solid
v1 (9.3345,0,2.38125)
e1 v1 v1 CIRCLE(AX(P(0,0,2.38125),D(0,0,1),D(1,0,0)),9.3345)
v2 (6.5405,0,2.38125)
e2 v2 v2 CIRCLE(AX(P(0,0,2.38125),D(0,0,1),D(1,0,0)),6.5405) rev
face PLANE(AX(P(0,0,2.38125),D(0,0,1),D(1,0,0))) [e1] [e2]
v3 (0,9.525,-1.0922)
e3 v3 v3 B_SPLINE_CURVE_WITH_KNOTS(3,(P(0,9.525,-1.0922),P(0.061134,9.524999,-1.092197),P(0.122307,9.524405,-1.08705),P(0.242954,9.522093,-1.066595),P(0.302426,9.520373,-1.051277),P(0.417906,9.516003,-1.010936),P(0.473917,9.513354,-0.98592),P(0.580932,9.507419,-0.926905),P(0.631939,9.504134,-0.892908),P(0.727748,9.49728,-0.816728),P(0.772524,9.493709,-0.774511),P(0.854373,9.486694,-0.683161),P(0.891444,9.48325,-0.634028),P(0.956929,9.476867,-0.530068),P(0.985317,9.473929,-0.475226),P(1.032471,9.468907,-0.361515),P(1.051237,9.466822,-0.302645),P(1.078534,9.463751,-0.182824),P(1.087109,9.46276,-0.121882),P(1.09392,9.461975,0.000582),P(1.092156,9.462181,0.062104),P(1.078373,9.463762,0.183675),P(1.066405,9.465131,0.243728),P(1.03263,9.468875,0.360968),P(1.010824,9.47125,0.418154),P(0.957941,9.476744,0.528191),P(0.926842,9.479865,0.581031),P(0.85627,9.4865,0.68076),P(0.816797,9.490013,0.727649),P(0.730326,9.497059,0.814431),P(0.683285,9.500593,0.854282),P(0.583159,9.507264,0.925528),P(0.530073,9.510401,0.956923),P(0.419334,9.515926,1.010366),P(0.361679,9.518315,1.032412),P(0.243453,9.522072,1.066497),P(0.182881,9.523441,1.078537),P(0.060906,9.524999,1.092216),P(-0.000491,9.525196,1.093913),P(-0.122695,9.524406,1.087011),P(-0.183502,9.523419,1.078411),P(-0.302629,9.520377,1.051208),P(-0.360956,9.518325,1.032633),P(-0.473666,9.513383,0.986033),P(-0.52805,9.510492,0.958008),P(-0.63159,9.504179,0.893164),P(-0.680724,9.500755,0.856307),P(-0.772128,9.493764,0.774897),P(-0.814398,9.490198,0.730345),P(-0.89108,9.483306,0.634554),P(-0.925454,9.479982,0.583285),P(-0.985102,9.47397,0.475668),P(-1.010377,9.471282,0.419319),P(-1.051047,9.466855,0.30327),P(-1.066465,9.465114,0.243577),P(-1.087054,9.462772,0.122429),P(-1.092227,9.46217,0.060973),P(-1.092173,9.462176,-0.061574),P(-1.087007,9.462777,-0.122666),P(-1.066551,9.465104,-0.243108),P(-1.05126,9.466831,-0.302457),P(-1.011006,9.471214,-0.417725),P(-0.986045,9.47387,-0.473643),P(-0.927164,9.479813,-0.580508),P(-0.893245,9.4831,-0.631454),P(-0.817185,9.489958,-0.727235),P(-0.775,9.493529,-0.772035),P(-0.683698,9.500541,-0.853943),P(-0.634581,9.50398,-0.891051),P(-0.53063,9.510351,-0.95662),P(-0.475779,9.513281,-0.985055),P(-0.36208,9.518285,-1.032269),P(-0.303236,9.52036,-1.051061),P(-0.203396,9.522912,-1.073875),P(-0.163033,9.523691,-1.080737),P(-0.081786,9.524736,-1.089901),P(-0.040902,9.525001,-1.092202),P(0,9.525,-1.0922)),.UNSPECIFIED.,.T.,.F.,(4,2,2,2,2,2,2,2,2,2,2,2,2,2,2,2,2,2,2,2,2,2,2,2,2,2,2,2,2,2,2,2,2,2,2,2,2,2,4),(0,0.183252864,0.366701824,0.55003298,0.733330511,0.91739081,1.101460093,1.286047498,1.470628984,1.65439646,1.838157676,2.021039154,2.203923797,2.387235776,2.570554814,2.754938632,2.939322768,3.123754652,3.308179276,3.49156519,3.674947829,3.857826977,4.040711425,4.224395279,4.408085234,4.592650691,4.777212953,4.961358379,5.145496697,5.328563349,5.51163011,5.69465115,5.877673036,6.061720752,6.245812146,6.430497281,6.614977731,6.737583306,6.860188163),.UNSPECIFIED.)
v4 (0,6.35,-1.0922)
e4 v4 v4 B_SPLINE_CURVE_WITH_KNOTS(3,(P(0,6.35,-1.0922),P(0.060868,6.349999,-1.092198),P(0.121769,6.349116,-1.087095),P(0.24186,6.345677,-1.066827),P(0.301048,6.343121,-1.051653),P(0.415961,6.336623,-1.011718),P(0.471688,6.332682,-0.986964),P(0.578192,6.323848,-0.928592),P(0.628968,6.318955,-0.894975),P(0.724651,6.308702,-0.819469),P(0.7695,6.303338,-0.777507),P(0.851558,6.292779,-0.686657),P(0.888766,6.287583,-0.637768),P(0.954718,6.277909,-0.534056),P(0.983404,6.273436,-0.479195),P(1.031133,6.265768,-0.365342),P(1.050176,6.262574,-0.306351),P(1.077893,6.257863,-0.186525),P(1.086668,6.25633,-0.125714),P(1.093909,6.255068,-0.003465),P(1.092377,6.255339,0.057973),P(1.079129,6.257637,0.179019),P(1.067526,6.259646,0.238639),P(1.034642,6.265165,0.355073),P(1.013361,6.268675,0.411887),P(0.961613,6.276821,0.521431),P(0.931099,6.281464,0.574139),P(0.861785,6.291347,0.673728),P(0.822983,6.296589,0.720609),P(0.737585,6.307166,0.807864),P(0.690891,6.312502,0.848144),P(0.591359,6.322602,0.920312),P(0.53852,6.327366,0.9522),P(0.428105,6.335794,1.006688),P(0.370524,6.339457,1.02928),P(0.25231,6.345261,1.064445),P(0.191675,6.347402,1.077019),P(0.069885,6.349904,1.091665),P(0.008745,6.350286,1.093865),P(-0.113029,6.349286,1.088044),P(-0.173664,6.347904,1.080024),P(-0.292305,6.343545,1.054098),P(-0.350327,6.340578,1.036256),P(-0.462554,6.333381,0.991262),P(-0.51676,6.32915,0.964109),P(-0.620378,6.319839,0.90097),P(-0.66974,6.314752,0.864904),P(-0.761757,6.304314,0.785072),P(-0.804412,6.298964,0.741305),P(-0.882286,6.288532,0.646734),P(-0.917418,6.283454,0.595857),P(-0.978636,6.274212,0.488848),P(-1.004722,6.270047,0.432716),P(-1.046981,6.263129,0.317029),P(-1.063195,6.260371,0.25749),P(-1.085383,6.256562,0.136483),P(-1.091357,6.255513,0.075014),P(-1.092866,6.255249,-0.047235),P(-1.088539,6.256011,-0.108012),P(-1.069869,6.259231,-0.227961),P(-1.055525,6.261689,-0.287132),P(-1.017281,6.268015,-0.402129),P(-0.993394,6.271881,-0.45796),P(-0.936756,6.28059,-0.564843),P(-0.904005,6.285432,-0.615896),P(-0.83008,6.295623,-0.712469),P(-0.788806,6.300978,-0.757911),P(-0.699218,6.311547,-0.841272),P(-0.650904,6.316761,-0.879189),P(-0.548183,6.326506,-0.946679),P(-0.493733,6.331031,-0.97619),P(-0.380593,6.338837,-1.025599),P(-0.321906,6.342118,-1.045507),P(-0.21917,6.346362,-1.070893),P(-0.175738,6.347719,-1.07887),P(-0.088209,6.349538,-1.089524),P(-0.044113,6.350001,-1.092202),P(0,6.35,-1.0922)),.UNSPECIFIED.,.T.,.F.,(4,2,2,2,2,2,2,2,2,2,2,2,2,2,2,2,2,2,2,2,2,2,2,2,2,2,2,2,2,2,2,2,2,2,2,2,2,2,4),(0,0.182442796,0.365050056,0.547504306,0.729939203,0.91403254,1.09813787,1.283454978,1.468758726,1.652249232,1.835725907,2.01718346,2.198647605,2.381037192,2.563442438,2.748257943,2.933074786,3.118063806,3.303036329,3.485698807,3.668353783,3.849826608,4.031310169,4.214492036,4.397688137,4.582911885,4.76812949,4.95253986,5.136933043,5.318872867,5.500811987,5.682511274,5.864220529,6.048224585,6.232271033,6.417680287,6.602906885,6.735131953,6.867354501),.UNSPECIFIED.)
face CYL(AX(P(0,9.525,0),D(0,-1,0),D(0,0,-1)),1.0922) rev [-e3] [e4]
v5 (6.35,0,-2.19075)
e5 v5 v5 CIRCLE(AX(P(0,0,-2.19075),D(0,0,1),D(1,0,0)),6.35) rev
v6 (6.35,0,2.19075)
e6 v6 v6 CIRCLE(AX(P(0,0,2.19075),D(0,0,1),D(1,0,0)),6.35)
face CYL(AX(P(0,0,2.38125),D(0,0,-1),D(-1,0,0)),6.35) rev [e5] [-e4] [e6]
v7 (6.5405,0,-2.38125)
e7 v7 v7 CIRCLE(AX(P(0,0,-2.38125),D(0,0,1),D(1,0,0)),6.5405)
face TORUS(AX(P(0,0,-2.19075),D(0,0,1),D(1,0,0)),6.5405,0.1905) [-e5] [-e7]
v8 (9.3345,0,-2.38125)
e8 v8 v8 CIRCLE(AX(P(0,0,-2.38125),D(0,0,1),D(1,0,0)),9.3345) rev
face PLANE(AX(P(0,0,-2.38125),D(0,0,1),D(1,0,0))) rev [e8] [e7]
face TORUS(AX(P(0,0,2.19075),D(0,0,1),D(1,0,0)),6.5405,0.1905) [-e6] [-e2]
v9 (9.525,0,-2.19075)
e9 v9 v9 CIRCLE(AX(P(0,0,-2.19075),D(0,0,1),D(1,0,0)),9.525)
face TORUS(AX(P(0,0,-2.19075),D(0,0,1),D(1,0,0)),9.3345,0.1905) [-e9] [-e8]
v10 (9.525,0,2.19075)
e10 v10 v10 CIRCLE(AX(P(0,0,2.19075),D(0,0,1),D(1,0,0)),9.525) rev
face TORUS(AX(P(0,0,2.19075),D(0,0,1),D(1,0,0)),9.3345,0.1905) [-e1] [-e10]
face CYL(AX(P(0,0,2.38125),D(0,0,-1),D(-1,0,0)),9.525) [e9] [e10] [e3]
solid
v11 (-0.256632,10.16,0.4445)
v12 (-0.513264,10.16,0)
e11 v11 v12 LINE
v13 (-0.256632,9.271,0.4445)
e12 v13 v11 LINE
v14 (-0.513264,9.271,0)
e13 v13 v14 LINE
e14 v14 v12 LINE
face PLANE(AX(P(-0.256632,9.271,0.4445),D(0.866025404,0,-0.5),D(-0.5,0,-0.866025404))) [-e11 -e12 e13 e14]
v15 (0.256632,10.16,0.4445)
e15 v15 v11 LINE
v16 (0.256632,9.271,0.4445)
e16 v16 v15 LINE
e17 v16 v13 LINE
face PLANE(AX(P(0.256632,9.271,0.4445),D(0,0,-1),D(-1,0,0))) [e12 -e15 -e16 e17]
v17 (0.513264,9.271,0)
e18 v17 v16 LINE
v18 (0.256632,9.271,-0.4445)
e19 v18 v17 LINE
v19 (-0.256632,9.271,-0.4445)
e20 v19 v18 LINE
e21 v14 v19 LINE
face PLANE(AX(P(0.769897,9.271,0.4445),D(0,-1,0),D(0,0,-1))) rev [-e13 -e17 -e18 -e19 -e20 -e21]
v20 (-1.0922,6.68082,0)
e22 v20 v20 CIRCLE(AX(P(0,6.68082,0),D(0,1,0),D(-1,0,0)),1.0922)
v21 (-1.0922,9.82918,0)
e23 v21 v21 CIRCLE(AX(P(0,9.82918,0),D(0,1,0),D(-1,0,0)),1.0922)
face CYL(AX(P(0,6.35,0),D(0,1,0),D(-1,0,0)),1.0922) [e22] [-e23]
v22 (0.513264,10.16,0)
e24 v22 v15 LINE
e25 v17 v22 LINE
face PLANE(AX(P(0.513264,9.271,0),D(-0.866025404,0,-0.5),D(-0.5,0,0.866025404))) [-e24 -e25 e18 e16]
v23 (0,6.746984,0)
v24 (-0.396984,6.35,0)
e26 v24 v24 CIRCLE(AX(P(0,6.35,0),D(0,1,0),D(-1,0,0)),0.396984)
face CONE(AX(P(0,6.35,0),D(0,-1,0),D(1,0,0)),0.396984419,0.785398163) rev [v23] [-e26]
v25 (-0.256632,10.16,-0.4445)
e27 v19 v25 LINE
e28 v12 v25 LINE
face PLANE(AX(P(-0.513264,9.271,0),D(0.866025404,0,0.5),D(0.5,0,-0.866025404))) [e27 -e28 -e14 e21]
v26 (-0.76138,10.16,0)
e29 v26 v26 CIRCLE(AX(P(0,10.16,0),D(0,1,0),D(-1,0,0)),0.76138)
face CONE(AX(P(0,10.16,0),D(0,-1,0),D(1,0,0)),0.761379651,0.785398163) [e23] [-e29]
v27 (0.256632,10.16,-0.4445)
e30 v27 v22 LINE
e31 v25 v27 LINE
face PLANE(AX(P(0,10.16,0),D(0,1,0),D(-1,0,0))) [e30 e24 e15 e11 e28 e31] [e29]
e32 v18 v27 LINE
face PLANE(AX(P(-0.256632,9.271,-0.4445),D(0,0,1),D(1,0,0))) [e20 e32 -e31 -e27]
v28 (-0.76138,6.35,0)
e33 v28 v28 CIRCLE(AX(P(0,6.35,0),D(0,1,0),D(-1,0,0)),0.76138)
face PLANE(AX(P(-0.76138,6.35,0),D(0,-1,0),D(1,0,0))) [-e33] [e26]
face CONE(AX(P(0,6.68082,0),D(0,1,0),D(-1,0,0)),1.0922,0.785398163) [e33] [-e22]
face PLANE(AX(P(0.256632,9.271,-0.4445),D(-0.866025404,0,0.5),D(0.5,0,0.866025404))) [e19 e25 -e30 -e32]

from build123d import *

# Parameters (mm, degrees)
SKETCH1_R          = 9.525
SKETCH1_R_2        = 6.35
EXTRUDE1_DEPTH     = 2.38125
SKETCH2_R          = 1.0922
CUT_EXTRUDE1_DEPTH = 52.740080949
FILLET1_R          = 0.1905
CUT_EXTRUDE2_DEPTH = 0.889


with BuildPart() as part:
    # Sketch1 → Extrude1 (new, symmetric)
    with BuildSketch(Plane.XY):
        with Locations(Location((0, 0, 0), (0, 0, 180))):
            Circle(SKETCH1_R)
        with Locations(Location((0, 0, 0), (0, 0, 180))):
            Circle(SKETCH1_R_2, mode=Mode.SUBTRACT)
    extrude(amount=EXTRUDE1_DEPTH, both=True)

    # Sketch2 → Cut-Extrude1 (cut, through all)
    with BuildSketch(Plane(origin=(41.275, 0, 0), x_dir=(0, 0, -1), z_dir=(0, -1, 0))):
        with Locations((0, -41.275)):
            Circle(SKETCH2_R)
    extrude(amount=-CUT_EXTRUDE1_DEPTH, mode=Mode.SUBTRACT)

    # Fillet1
    fillet1_edges = [part.edges().sort_by_distance(p)[0] for p in [
        (9.525, 0, -2.38125),
        (9.525, 0, 2.38125),
        (6.35, 0, -2.38125),
        (6.35, 0, 2.38125),
    ]]
    fillet(fillet1_edges, radius=FILLET1_R)


with BuildPart() as body_2:
    # Sketch3 → Revolve1 (revolve)
    with BuildSketch(Plane.XY):
        Polygon((-0.761379651, 6.35), (-0.396984419, 6.35), (0, 6.746984419), (0, 10.16), (-0.761379651, 10.16), (-1.0922, 9.829179651), (-1.0922, 6.680820349), align=None)
    revolve(axis=Axis((0, 6.35, 0), (0, -1, 0)))

    # Sketch4 → Cut-Extrude2 (cut)
    with BuildSketch(Plane(origin=(3.3734375, 10.16, 0), x_dir=(0, 0, -1), z_dir=(0, -1, 0))):
        Polygon((0, -2.860173111), (-0.4445, -3.116805305), (-0.4445, -3.630069695), (0, -3.886701889), (0.4445, -3.630069695), (0.4445, -3.116805305), align=None)
    extrude(amount=CUT_EXTRUDE2_DEPTH, mode=Mode.SUBTRACT)


solid = Compound([part.part, body_2.part])
